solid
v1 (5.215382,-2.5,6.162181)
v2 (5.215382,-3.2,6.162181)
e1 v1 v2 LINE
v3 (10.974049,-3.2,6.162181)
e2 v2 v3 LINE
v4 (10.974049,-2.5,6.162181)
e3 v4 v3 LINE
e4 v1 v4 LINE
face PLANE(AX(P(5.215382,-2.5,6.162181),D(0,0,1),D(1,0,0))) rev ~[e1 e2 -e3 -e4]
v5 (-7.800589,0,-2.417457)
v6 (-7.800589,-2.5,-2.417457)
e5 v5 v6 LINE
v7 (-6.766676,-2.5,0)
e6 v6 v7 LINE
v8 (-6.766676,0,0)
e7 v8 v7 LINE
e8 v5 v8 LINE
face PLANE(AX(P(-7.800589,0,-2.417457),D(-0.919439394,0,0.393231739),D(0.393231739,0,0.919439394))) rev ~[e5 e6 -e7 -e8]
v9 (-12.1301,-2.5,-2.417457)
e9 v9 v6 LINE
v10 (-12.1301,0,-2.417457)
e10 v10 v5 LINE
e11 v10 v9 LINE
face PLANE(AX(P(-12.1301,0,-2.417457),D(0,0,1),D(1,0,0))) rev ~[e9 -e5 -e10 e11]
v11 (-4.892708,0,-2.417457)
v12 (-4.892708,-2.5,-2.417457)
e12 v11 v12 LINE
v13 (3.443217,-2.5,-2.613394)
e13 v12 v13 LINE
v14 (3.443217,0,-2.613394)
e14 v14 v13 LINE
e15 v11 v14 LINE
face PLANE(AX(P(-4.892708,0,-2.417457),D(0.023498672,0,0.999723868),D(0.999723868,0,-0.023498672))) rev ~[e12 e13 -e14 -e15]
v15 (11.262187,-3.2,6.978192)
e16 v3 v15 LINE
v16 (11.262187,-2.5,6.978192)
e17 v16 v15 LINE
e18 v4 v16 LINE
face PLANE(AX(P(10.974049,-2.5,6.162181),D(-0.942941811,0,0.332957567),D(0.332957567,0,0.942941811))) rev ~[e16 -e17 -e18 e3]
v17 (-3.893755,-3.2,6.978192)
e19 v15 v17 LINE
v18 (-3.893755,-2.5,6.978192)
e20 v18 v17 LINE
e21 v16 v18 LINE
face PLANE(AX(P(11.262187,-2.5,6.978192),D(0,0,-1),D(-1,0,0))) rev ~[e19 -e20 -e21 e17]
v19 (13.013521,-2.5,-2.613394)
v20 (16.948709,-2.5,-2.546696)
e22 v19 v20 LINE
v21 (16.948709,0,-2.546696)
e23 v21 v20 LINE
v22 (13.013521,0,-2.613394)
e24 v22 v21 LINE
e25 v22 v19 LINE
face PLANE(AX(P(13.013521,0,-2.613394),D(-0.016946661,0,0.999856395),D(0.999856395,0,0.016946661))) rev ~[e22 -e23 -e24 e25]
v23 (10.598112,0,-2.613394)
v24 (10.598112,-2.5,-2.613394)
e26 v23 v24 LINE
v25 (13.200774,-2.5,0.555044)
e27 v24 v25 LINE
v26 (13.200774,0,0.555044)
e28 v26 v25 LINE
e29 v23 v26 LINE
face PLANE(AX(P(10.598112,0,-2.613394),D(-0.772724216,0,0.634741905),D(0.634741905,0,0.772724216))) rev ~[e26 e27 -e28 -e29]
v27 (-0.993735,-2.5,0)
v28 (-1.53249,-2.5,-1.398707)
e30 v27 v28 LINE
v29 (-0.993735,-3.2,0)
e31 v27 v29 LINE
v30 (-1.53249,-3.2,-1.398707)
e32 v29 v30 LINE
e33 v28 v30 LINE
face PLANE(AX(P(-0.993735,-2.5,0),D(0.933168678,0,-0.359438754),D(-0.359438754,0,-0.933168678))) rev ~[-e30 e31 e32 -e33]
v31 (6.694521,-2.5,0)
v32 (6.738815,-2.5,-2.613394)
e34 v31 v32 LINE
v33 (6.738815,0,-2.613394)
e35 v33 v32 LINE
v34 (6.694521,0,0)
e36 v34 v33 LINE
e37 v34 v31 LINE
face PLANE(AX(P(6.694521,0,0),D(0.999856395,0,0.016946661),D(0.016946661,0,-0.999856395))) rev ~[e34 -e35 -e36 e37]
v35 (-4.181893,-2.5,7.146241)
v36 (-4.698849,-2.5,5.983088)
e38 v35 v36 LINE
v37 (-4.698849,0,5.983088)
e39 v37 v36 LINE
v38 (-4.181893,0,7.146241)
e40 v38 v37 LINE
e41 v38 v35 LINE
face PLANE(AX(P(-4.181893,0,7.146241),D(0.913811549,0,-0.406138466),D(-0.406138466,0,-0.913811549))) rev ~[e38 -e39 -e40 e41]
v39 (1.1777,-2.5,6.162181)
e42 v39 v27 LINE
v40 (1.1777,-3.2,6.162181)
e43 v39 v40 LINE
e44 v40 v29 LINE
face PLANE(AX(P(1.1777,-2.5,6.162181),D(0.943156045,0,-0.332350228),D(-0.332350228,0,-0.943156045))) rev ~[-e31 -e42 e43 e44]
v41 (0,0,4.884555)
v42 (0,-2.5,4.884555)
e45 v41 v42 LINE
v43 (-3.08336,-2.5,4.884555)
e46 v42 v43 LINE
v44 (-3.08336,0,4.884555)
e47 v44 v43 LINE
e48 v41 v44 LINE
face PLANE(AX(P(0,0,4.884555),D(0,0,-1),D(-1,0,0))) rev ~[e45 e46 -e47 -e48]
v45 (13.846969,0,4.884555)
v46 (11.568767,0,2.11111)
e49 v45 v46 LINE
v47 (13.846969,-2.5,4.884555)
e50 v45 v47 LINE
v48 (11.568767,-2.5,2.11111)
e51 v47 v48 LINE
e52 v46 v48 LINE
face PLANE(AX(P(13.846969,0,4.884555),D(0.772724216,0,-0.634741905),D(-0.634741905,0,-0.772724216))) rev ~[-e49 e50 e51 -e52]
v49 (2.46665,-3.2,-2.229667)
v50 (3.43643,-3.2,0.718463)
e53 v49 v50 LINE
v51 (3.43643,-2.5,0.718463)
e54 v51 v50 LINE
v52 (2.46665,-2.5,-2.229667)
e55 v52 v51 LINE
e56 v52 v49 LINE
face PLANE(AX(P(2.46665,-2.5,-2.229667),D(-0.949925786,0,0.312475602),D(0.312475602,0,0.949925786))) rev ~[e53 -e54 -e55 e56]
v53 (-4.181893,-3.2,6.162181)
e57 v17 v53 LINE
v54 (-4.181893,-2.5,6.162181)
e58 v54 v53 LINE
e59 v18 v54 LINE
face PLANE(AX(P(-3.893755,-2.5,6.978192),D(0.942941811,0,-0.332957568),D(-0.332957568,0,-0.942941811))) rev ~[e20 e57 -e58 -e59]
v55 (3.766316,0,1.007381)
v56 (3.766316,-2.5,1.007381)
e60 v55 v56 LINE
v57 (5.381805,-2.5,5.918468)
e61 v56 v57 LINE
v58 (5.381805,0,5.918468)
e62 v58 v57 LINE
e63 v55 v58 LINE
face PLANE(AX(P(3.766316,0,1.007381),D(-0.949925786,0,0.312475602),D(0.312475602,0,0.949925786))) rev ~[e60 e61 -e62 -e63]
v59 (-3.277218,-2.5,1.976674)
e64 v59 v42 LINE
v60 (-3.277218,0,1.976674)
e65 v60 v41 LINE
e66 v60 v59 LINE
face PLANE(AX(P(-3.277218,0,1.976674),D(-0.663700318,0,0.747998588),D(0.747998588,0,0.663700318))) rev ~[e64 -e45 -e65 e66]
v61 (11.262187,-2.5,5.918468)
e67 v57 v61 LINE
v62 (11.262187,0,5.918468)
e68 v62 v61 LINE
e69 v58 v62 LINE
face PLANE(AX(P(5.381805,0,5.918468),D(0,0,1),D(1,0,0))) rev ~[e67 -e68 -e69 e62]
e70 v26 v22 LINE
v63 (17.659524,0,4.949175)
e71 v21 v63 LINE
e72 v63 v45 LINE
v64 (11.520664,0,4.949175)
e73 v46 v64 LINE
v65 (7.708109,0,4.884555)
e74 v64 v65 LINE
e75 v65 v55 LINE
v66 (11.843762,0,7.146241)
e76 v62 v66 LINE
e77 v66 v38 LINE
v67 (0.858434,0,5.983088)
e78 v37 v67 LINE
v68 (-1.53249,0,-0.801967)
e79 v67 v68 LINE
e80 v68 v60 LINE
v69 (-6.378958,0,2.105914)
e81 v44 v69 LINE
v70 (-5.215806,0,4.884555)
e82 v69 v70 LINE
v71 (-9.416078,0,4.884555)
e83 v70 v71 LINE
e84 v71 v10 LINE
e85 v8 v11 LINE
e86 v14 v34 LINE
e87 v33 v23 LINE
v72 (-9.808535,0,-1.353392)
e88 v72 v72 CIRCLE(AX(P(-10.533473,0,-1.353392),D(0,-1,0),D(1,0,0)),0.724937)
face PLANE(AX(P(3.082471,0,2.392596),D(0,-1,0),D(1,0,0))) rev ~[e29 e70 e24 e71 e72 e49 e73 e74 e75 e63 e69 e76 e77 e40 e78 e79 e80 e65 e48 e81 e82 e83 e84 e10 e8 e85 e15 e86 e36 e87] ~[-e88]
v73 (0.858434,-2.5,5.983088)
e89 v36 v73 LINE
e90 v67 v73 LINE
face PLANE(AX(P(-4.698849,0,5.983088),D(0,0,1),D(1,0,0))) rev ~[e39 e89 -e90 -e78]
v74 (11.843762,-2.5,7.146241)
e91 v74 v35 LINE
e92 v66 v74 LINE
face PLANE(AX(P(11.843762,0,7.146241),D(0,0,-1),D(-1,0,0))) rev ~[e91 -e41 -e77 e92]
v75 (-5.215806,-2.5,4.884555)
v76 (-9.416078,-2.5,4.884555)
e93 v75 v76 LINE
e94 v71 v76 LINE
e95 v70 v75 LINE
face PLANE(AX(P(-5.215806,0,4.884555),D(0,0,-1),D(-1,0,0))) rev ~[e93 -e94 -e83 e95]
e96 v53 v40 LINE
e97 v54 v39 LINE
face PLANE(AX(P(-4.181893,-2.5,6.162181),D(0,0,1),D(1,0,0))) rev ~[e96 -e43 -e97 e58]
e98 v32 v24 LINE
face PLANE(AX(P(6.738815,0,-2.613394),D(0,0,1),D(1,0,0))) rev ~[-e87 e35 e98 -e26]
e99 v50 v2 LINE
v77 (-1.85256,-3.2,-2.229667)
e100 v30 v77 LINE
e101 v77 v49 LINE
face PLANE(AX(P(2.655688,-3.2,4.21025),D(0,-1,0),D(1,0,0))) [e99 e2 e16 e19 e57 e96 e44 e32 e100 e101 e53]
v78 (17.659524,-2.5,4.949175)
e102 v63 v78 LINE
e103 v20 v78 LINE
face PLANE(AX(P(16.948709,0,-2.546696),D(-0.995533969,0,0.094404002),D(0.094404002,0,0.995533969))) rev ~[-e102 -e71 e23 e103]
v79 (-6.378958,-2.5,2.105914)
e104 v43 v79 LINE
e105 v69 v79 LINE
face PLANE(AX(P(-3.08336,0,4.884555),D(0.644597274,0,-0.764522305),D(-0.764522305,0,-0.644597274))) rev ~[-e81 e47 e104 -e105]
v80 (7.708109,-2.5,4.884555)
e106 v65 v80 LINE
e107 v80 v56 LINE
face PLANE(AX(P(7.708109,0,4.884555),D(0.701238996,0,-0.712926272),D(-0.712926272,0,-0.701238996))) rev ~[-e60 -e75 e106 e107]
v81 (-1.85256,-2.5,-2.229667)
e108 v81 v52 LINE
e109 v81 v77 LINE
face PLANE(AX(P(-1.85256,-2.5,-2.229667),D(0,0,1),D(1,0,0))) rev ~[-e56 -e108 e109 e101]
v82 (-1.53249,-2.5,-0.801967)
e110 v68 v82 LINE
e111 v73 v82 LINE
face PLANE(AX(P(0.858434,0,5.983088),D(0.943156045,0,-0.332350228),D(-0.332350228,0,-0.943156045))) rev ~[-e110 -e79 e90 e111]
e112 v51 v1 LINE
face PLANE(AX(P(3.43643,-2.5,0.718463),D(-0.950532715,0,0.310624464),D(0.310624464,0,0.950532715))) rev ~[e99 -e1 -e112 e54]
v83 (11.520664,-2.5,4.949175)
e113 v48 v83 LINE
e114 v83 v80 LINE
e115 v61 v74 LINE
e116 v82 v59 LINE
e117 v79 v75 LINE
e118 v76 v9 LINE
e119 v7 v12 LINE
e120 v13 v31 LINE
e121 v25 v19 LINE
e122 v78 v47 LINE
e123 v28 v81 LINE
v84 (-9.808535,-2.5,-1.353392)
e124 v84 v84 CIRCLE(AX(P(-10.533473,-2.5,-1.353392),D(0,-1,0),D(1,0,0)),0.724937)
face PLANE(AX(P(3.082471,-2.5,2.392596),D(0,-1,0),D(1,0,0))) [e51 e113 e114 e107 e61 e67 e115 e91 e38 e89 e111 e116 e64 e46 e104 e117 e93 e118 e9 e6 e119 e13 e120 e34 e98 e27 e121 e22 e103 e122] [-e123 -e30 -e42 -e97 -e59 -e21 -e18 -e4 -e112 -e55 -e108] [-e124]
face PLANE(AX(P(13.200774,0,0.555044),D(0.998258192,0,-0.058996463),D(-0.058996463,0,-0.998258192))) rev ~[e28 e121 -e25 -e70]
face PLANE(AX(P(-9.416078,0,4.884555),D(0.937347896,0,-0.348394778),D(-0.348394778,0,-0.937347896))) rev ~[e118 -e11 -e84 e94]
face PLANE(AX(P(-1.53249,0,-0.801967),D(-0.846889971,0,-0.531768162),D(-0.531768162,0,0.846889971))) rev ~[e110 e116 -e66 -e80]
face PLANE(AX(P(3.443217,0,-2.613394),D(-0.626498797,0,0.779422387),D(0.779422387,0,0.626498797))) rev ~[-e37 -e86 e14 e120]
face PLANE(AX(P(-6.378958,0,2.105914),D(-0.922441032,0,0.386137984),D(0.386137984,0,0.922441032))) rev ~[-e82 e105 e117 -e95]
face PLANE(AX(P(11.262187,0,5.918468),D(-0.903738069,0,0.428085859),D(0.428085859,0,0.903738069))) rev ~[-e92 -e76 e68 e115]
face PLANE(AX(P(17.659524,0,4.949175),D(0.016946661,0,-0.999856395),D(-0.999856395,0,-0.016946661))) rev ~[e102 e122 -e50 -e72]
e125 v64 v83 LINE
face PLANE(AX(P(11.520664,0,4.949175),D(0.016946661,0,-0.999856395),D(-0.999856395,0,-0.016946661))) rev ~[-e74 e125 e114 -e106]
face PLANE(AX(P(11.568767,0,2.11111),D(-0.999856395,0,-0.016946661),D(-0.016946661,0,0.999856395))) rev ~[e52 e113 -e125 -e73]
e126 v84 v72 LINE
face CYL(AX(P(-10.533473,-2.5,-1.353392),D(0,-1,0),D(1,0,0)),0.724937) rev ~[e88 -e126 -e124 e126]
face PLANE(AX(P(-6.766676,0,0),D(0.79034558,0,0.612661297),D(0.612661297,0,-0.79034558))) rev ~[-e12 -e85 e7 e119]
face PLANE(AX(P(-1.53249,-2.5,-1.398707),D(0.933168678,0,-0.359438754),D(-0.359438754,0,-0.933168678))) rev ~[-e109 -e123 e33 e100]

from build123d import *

# Parameters (mm, degrees)
F1_DEPTH = 2.5
F2_R     = 0.7249372234
F3_DEPTH = 2.5
F5_DEPTH = 0.7


with BuildPart() as f1:
    # F0 (on Front) → F1 (new body)
    with BuildSketch(Plane.XZ):
        Polygon((-9.4160782173, 4.8845554702), (-12.13010028, -2.4174565915), (-7.8005888499, -2.4174565915), (-6.7666755058, 0), (-4.8927078024, -2.4174565915), (3.4432173707, -2.6133938689), (6.6945207968, 0), (6.7388154566, -2.6133938689), (10.5981117284, -2.6133938689), (13.2007738575, 0.5550436326), (13.0135210928, -2.6133938689), (16.9487092644, -2.5466959924), (17.65952399, 4.9491748214), (13.846969232, 4.8845554702), (11.5687668393, 2.1111098447), (11.5206642076, 4.9491748214), (7.7081094496, 4.8845554702), (3.7663155235, 1.0073808953), (5.3818048909, 5.9184683487), (11.2621868029, 5.9184683487), (11.8437623605, 7.1462406777), (-4.1818926111, 7.1462406777), (-4.6988492832, 5.9830881655), (0.8584343595, 5.9830881655), (-1.5324898995, -0.8019671077), (-3.277218435, 1.9766744226), (0, 4.8845554702), (-3.0833596829, 4.8845554702), (-6.3789580017, 2.1059135906), (-5.2158059552, 4.8845554702), align=None)
    extrude(amount=F1_DEPTH)

    # F2 (on face) → F3 (cut, through all)
    with BuildSketch(Plane.XZ.offset(2.5)):
        with Locations((-10.5334725231, -1.3533922611)):
            Circle(F2_R)
    extrude(amount=-F3_DEPTH, mode=Mode.SUBTRACT)

    # F4 (on face) → F5 (join)
    with BuildSketch(Plane.XZ.offset(2.5)):
        Polygon((11.129762046, 6.9781923667), (-3.4941763151, 6.9781923667), (-3.7754920777, 6.9781923667), (-3.8937546778, 6.9781923667), (-4.1818926111, 6.1621805653), (-4.0636300109, 6.1621805653), (-1.2187248794, 6.1621805653), (1.055368688, 6.1621805653), (1.1777002364, 6.1621805653), (-0.993734838, 0), (-1.5324898995, -1.3987065759), (-1.8525599505, -2.2296669082), (2.4666503559, -2.2296669082), (3.4364298917, 0.7184627466), (5.2153817378, 6.1621805653), (5.4596047848, 6.1621805653), (10.9740488697, 6.1621805653), (11.2621868029, 6.9781923667), align=None)
    extrude(amount=F5_DEPTH)


solid = f1.part
